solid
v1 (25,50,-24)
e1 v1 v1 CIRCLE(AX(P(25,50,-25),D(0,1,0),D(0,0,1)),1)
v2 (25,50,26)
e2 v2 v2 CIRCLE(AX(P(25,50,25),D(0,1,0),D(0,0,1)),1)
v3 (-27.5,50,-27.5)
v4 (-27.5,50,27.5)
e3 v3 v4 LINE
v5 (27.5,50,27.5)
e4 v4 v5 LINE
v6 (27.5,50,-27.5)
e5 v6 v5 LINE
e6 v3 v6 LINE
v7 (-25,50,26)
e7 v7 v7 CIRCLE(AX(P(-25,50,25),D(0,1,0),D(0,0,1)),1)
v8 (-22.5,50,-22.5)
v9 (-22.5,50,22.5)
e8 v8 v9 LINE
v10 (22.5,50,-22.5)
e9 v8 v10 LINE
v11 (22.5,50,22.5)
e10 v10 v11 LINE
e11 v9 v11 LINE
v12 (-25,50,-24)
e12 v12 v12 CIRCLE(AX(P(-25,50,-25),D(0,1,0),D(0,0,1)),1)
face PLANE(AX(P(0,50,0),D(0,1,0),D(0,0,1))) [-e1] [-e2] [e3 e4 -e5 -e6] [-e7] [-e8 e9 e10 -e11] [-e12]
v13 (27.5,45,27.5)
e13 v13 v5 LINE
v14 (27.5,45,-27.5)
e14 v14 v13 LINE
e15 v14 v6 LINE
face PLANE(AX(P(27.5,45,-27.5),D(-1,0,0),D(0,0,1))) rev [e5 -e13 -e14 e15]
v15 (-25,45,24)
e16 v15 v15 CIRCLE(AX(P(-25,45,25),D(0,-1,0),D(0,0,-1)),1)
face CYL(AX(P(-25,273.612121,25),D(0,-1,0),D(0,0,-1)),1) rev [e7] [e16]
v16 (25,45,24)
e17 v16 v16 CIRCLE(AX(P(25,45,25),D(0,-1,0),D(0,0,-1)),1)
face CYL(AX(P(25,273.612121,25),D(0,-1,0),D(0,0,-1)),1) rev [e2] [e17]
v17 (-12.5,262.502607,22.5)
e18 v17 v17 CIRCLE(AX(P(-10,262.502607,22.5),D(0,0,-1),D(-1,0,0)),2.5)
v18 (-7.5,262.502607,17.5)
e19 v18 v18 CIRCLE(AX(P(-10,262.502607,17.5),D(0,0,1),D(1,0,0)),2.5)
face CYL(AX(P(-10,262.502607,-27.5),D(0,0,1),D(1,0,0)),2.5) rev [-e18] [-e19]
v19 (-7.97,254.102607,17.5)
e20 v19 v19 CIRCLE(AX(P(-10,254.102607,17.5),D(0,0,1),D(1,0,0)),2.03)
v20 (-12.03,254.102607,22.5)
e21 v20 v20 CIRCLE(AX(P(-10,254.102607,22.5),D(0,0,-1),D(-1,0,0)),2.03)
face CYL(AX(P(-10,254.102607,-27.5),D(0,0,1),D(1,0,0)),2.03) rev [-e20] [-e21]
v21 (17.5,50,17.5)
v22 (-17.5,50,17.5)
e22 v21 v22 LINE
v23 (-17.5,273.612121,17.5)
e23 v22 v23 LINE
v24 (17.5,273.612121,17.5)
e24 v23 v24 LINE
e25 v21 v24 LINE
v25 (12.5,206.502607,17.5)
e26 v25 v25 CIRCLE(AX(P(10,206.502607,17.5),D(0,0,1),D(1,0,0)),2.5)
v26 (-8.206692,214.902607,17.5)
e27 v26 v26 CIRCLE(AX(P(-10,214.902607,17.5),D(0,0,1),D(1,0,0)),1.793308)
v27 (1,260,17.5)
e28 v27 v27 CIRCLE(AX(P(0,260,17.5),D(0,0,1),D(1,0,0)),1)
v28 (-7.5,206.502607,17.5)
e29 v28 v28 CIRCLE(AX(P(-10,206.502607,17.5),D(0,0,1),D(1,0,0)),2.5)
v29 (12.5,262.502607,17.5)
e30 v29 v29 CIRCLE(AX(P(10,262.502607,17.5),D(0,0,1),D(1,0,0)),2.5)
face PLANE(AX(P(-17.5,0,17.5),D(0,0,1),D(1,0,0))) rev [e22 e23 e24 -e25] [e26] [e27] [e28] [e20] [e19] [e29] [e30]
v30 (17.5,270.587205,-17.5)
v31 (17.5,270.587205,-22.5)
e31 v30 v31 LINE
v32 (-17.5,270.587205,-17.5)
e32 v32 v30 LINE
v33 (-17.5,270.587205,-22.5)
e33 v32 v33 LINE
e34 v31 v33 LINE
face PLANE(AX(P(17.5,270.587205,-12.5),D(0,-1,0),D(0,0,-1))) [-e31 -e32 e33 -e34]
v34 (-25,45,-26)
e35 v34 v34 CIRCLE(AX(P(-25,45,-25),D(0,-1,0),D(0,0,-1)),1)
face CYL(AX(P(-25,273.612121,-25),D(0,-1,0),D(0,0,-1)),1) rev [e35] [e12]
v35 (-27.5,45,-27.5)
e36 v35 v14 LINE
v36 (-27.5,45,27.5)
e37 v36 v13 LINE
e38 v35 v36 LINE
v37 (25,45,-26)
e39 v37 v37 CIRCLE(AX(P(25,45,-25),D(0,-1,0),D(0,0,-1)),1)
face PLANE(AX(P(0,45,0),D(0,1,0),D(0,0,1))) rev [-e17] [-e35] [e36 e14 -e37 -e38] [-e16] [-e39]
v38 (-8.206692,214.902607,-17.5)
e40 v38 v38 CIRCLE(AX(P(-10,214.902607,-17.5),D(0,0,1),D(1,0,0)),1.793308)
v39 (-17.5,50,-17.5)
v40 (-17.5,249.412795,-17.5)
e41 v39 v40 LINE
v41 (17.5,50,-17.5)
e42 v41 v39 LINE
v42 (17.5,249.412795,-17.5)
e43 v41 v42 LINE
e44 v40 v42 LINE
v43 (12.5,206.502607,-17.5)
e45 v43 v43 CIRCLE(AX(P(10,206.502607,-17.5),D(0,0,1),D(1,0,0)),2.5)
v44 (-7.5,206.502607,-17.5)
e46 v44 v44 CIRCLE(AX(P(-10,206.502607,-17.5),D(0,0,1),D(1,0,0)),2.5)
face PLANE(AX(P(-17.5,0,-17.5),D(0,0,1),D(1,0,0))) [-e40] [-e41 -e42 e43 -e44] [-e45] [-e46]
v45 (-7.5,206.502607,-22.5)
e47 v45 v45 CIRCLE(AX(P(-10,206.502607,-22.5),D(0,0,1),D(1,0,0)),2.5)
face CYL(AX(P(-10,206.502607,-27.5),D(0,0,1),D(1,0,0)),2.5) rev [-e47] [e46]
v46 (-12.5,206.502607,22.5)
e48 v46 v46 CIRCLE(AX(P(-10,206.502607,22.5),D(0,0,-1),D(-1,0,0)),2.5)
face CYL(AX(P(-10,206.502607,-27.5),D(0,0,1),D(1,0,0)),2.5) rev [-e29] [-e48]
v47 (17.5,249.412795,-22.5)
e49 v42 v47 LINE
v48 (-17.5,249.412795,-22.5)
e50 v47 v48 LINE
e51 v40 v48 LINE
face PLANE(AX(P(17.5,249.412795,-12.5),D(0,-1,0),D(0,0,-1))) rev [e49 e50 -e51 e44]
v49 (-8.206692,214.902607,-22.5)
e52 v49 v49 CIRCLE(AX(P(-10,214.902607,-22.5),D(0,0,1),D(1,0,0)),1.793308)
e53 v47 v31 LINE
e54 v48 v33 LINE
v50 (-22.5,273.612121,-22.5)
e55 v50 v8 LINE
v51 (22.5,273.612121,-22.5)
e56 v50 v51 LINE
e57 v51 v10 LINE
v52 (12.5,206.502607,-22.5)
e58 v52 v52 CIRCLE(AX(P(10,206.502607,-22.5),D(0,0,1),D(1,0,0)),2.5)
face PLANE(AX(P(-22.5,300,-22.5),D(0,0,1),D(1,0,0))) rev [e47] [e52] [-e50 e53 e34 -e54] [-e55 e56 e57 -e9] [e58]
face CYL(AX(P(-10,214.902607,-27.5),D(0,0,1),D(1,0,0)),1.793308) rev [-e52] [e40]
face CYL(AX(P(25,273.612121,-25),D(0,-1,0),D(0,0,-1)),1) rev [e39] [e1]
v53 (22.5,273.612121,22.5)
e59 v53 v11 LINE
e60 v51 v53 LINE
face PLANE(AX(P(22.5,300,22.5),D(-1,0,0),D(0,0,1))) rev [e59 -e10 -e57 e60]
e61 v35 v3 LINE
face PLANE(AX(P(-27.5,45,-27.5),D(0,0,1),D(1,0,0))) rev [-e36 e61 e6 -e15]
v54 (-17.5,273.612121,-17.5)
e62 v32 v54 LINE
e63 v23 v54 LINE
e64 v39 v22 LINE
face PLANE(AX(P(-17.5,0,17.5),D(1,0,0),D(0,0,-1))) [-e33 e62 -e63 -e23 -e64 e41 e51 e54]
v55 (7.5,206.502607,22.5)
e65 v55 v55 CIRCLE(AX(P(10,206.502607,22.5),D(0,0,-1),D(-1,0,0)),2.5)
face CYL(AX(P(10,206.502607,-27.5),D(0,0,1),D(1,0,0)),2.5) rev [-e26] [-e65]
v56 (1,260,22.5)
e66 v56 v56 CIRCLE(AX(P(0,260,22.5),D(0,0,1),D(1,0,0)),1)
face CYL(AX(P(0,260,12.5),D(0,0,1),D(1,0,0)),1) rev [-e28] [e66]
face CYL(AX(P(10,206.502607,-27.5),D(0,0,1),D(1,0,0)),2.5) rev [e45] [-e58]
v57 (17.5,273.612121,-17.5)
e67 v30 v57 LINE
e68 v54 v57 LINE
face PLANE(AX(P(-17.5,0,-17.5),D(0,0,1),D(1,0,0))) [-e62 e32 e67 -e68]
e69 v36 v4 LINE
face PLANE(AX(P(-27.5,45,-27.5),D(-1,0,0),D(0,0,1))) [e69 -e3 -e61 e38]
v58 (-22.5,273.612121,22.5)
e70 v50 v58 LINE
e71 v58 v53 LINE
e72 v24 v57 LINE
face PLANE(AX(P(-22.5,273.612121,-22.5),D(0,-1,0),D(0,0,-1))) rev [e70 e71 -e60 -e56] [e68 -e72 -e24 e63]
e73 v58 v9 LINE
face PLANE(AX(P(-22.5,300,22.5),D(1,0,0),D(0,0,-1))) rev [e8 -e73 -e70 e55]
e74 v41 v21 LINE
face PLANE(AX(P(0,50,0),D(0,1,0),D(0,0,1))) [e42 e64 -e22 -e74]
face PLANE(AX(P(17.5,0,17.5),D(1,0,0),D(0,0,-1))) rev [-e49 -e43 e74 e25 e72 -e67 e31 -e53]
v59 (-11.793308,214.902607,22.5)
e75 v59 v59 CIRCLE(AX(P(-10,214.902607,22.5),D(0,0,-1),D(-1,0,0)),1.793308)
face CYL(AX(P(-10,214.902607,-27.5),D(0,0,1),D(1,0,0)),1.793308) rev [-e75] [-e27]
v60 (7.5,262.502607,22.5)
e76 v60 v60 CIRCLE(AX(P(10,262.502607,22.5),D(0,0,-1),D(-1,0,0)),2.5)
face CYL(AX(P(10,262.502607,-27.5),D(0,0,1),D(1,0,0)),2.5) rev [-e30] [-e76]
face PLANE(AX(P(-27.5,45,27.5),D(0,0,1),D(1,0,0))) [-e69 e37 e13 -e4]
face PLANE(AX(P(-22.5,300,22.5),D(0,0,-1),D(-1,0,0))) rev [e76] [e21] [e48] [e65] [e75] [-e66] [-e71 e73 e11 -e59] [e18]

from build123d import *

# Parameters (mm, degrees)
CROQUIS1_W                 = 45
CROQUIS1_H                 = 45
SALIENTE_EXTRUIR1_DEPTH    = 300
CROQUIS4_W                 = 18
CROQUIS4_H                 = 34
CORTAR_EXTRUIR2_DEPTH      = 46
CROQUIS8_W                 = 35
CROQUIS8_H                 = 35
CORTAR_EXTRUIR3_DEPTH      = 301
CROQUIS9_W                 = 35
CROQUIS9_H                 = 21.174410022
CORTAR_EXTRUIR4_DEPTH      = 10
CROQUIS10_R                = 1
CORTAR_EXTRUIR5_DEPTH      = 10
CROQUIS11_W                = 45
CROQUIS11_H                = 26.387879272
CORTAR_EXTRUIR6_DEPTH      = 46
CROQUIS13_W                = 45
CROQUIS13_H                = 50
CORTAR_EXTRUIR7_DEPTH      = 23.5
CORTAR_EXTRUIR7_DEPTH_BACK = 23.5
CROQUIS14_W                = 55
CROQUIS14_H                = 55
SALIENTE_EXTRUIR2_DEPTH    = 5
CROQUIS16_R                = 1
CORTAR_EXTRUIR8_DEPTH      = 1
CORTAR_EXTRUIR8_DEPTH_BACK = 229.612120728
CROQUIS17_R                = 2.5
CROQUIS17_R_2              = 2.03
CROQUIS17_R_3              = 1.793308219
CORTAR_EXTRUIR9_DEPTH      = 6
CORTAR_EXTRUIR9_DEPTH_BACK = 51


with BuildPart() as part:
    # Croquis1 → Saliente-Extruir1 (new body)
    with BuildSketch(Plane(origin=(0, 0, 0), x_dir=(1, 0, 0), z_dir=(0, 1, 0))):
        Rectangle(CROQUIS1_W, CROQUIS1_H)
    extrude(amount=SALIENTE_EXTRUIR1_DEPTH)

    # Croquis4 → Cortar-Extruir2 (cut, through all)
    with BuildSketch(Plane.ZY.offset(22.5)):
        with Locations((13.5, 17)):
            Rectangle(CROQUIS4_W, CROQUIS4_H)
    extrude(amount=-CORTAR_EXTRUIR2_DEPTH, mode=Mode.SUBTRACT)

    # Croquis8 → Cortar-Extruir3 (cut, through all)
    with BuildSketch(Plane(origin=(0, 300, 0), x_dir=(1, 0, 0), z_dir=(0, 1, 0))):
        Rectangle(CROQUIS8_W, CROQUIS8_H)
    extrude(amount=-CORTAR_EXTRUIR3_DEPTH, mode=Mode.SUBTRACT)

    # Croquis9 → Cortar-Extruir4 (cut)
    with BuildSketch(Plane(origin=(0, 0, -22.5), x_dir=(-1, 0, 0), z_dir=(0, 0, -1))):
        with Locations((0, 260)):
            Rectangle(CROQUIS9_W, CROQUIS9_H)
    extrude(amount=-CORTAR_EXTRUIR4_DEPTH, mode=Mode.SUBTRACT)

    # Croquis10 → Cortar-Extruir5 (cut)
    with BuildSketch(Plane.XY.offset(22.5)):
        with Locations((0, 260)):
            Circle(CROQUIS10_R)
    extrude(amount=-CORTAR_EXTRUIR5_DEPTH, mode=Mode.SUBTRACT)

    # Croquis11 → Cortar-Extruir6 (cut, through all)
    with BuildSketch(Plane.XY.offset(22.5)):
        with Locations((0, 286.806060364)):
            Rectangle(CROQUIS11_W, CROQUIS11_H)
    extrude(amount=-CORTAR_EXTRUIR6_DEPTH, mode=Mode.SUBTRACT)

    # Croquis13 → Cortar-Extruir7 (cut, two sides)
    with BuildSketch(Plane(origin=(0, 0, 0), x_dir=(0, 0, -1), z_dir=(1, 0, 0))) as cortar_extruir7_sk:
        with Locations((0, 25)):
            Rectangle(CROQUIS13_W, CROQUIS13_H)
    extrude(amount=CORTAR_EXTRUIR7_DEPTH, mode=Mode.SUBTRACT)
    extrude(cortar_extruir7_sk.sketch, amount=-CORTAR_EXTRUIR7_DEPTH_BACK, mode=Mode.SUBTRACT)

    # Croquis14 → Saliente-Extruir2 (add)
    with BuildSketch(Plane.XZ.offset(-50)):
        Rectangle(CROQUIS14_W, CROQUIS14_H)
    extrude(amount=SALIENTE_EXTRUIR2_DEPTH)

    # Croquis16 → Cortar-Extruir8 (cut, two sides)
    with BuildSketch(Plane.XZ.offset(-45)) as cortar_extruir8_sk:
        with Locations((25, 25)):
            Circle(CROQUIS16_R)
        with Locations((-25, 25)):
            Circle(CROQUIS16_R)
        with Locations((-25, -25)):
            Circle(CROQUIS16_R)
        with Locations((25, -25)):
            Circle(CROQUIS16_R)
    extrude(amount=CORTAR_EXTRUIR8_DEPTH, mode=Mode.SUBTRACT)
    extrude(cortar_extruir8_sk.sketch, amount=-CORTAR_EXTRUIR8_DEPTH_BACK, mode=Mode.SUBTRACT)

    # Croquis17 → Cortar-Extruir9 (cut, two sides)
    with BuildSketch(Plane.XY.offset(22.5)) as cortar_extruir9_sk:
        with Locations((-10, 262.50260741)):
            Circle(CROQUIS17_R)
        with Locations((-10, 254.10260741)):
            Circle(CROQUIS17_R_2)
        with Locations((-10, 214.90260741)):
            Circle(CROQUIS17_R_3)
        with Locations((-10, 206.50260741)):
            Circle(CROQUIS17_R)
        with Locations((10, 262.50260741)):
            Circle(CROQUIS17_R)
        with Locations((10, 206.50260741)):
            Circle(CROQUIS17_R)
    extrude(amount=CORTAR_EXTRUIR9_DEPTH, mode=Mode.SUBTRACT)
    extrude(cortar_extruir9_sk.sketch, amount=-CORTAR_EXTRUIR9_DEPTH_BACK, mode=Mode.SUBTRACT)


solid = part.part
